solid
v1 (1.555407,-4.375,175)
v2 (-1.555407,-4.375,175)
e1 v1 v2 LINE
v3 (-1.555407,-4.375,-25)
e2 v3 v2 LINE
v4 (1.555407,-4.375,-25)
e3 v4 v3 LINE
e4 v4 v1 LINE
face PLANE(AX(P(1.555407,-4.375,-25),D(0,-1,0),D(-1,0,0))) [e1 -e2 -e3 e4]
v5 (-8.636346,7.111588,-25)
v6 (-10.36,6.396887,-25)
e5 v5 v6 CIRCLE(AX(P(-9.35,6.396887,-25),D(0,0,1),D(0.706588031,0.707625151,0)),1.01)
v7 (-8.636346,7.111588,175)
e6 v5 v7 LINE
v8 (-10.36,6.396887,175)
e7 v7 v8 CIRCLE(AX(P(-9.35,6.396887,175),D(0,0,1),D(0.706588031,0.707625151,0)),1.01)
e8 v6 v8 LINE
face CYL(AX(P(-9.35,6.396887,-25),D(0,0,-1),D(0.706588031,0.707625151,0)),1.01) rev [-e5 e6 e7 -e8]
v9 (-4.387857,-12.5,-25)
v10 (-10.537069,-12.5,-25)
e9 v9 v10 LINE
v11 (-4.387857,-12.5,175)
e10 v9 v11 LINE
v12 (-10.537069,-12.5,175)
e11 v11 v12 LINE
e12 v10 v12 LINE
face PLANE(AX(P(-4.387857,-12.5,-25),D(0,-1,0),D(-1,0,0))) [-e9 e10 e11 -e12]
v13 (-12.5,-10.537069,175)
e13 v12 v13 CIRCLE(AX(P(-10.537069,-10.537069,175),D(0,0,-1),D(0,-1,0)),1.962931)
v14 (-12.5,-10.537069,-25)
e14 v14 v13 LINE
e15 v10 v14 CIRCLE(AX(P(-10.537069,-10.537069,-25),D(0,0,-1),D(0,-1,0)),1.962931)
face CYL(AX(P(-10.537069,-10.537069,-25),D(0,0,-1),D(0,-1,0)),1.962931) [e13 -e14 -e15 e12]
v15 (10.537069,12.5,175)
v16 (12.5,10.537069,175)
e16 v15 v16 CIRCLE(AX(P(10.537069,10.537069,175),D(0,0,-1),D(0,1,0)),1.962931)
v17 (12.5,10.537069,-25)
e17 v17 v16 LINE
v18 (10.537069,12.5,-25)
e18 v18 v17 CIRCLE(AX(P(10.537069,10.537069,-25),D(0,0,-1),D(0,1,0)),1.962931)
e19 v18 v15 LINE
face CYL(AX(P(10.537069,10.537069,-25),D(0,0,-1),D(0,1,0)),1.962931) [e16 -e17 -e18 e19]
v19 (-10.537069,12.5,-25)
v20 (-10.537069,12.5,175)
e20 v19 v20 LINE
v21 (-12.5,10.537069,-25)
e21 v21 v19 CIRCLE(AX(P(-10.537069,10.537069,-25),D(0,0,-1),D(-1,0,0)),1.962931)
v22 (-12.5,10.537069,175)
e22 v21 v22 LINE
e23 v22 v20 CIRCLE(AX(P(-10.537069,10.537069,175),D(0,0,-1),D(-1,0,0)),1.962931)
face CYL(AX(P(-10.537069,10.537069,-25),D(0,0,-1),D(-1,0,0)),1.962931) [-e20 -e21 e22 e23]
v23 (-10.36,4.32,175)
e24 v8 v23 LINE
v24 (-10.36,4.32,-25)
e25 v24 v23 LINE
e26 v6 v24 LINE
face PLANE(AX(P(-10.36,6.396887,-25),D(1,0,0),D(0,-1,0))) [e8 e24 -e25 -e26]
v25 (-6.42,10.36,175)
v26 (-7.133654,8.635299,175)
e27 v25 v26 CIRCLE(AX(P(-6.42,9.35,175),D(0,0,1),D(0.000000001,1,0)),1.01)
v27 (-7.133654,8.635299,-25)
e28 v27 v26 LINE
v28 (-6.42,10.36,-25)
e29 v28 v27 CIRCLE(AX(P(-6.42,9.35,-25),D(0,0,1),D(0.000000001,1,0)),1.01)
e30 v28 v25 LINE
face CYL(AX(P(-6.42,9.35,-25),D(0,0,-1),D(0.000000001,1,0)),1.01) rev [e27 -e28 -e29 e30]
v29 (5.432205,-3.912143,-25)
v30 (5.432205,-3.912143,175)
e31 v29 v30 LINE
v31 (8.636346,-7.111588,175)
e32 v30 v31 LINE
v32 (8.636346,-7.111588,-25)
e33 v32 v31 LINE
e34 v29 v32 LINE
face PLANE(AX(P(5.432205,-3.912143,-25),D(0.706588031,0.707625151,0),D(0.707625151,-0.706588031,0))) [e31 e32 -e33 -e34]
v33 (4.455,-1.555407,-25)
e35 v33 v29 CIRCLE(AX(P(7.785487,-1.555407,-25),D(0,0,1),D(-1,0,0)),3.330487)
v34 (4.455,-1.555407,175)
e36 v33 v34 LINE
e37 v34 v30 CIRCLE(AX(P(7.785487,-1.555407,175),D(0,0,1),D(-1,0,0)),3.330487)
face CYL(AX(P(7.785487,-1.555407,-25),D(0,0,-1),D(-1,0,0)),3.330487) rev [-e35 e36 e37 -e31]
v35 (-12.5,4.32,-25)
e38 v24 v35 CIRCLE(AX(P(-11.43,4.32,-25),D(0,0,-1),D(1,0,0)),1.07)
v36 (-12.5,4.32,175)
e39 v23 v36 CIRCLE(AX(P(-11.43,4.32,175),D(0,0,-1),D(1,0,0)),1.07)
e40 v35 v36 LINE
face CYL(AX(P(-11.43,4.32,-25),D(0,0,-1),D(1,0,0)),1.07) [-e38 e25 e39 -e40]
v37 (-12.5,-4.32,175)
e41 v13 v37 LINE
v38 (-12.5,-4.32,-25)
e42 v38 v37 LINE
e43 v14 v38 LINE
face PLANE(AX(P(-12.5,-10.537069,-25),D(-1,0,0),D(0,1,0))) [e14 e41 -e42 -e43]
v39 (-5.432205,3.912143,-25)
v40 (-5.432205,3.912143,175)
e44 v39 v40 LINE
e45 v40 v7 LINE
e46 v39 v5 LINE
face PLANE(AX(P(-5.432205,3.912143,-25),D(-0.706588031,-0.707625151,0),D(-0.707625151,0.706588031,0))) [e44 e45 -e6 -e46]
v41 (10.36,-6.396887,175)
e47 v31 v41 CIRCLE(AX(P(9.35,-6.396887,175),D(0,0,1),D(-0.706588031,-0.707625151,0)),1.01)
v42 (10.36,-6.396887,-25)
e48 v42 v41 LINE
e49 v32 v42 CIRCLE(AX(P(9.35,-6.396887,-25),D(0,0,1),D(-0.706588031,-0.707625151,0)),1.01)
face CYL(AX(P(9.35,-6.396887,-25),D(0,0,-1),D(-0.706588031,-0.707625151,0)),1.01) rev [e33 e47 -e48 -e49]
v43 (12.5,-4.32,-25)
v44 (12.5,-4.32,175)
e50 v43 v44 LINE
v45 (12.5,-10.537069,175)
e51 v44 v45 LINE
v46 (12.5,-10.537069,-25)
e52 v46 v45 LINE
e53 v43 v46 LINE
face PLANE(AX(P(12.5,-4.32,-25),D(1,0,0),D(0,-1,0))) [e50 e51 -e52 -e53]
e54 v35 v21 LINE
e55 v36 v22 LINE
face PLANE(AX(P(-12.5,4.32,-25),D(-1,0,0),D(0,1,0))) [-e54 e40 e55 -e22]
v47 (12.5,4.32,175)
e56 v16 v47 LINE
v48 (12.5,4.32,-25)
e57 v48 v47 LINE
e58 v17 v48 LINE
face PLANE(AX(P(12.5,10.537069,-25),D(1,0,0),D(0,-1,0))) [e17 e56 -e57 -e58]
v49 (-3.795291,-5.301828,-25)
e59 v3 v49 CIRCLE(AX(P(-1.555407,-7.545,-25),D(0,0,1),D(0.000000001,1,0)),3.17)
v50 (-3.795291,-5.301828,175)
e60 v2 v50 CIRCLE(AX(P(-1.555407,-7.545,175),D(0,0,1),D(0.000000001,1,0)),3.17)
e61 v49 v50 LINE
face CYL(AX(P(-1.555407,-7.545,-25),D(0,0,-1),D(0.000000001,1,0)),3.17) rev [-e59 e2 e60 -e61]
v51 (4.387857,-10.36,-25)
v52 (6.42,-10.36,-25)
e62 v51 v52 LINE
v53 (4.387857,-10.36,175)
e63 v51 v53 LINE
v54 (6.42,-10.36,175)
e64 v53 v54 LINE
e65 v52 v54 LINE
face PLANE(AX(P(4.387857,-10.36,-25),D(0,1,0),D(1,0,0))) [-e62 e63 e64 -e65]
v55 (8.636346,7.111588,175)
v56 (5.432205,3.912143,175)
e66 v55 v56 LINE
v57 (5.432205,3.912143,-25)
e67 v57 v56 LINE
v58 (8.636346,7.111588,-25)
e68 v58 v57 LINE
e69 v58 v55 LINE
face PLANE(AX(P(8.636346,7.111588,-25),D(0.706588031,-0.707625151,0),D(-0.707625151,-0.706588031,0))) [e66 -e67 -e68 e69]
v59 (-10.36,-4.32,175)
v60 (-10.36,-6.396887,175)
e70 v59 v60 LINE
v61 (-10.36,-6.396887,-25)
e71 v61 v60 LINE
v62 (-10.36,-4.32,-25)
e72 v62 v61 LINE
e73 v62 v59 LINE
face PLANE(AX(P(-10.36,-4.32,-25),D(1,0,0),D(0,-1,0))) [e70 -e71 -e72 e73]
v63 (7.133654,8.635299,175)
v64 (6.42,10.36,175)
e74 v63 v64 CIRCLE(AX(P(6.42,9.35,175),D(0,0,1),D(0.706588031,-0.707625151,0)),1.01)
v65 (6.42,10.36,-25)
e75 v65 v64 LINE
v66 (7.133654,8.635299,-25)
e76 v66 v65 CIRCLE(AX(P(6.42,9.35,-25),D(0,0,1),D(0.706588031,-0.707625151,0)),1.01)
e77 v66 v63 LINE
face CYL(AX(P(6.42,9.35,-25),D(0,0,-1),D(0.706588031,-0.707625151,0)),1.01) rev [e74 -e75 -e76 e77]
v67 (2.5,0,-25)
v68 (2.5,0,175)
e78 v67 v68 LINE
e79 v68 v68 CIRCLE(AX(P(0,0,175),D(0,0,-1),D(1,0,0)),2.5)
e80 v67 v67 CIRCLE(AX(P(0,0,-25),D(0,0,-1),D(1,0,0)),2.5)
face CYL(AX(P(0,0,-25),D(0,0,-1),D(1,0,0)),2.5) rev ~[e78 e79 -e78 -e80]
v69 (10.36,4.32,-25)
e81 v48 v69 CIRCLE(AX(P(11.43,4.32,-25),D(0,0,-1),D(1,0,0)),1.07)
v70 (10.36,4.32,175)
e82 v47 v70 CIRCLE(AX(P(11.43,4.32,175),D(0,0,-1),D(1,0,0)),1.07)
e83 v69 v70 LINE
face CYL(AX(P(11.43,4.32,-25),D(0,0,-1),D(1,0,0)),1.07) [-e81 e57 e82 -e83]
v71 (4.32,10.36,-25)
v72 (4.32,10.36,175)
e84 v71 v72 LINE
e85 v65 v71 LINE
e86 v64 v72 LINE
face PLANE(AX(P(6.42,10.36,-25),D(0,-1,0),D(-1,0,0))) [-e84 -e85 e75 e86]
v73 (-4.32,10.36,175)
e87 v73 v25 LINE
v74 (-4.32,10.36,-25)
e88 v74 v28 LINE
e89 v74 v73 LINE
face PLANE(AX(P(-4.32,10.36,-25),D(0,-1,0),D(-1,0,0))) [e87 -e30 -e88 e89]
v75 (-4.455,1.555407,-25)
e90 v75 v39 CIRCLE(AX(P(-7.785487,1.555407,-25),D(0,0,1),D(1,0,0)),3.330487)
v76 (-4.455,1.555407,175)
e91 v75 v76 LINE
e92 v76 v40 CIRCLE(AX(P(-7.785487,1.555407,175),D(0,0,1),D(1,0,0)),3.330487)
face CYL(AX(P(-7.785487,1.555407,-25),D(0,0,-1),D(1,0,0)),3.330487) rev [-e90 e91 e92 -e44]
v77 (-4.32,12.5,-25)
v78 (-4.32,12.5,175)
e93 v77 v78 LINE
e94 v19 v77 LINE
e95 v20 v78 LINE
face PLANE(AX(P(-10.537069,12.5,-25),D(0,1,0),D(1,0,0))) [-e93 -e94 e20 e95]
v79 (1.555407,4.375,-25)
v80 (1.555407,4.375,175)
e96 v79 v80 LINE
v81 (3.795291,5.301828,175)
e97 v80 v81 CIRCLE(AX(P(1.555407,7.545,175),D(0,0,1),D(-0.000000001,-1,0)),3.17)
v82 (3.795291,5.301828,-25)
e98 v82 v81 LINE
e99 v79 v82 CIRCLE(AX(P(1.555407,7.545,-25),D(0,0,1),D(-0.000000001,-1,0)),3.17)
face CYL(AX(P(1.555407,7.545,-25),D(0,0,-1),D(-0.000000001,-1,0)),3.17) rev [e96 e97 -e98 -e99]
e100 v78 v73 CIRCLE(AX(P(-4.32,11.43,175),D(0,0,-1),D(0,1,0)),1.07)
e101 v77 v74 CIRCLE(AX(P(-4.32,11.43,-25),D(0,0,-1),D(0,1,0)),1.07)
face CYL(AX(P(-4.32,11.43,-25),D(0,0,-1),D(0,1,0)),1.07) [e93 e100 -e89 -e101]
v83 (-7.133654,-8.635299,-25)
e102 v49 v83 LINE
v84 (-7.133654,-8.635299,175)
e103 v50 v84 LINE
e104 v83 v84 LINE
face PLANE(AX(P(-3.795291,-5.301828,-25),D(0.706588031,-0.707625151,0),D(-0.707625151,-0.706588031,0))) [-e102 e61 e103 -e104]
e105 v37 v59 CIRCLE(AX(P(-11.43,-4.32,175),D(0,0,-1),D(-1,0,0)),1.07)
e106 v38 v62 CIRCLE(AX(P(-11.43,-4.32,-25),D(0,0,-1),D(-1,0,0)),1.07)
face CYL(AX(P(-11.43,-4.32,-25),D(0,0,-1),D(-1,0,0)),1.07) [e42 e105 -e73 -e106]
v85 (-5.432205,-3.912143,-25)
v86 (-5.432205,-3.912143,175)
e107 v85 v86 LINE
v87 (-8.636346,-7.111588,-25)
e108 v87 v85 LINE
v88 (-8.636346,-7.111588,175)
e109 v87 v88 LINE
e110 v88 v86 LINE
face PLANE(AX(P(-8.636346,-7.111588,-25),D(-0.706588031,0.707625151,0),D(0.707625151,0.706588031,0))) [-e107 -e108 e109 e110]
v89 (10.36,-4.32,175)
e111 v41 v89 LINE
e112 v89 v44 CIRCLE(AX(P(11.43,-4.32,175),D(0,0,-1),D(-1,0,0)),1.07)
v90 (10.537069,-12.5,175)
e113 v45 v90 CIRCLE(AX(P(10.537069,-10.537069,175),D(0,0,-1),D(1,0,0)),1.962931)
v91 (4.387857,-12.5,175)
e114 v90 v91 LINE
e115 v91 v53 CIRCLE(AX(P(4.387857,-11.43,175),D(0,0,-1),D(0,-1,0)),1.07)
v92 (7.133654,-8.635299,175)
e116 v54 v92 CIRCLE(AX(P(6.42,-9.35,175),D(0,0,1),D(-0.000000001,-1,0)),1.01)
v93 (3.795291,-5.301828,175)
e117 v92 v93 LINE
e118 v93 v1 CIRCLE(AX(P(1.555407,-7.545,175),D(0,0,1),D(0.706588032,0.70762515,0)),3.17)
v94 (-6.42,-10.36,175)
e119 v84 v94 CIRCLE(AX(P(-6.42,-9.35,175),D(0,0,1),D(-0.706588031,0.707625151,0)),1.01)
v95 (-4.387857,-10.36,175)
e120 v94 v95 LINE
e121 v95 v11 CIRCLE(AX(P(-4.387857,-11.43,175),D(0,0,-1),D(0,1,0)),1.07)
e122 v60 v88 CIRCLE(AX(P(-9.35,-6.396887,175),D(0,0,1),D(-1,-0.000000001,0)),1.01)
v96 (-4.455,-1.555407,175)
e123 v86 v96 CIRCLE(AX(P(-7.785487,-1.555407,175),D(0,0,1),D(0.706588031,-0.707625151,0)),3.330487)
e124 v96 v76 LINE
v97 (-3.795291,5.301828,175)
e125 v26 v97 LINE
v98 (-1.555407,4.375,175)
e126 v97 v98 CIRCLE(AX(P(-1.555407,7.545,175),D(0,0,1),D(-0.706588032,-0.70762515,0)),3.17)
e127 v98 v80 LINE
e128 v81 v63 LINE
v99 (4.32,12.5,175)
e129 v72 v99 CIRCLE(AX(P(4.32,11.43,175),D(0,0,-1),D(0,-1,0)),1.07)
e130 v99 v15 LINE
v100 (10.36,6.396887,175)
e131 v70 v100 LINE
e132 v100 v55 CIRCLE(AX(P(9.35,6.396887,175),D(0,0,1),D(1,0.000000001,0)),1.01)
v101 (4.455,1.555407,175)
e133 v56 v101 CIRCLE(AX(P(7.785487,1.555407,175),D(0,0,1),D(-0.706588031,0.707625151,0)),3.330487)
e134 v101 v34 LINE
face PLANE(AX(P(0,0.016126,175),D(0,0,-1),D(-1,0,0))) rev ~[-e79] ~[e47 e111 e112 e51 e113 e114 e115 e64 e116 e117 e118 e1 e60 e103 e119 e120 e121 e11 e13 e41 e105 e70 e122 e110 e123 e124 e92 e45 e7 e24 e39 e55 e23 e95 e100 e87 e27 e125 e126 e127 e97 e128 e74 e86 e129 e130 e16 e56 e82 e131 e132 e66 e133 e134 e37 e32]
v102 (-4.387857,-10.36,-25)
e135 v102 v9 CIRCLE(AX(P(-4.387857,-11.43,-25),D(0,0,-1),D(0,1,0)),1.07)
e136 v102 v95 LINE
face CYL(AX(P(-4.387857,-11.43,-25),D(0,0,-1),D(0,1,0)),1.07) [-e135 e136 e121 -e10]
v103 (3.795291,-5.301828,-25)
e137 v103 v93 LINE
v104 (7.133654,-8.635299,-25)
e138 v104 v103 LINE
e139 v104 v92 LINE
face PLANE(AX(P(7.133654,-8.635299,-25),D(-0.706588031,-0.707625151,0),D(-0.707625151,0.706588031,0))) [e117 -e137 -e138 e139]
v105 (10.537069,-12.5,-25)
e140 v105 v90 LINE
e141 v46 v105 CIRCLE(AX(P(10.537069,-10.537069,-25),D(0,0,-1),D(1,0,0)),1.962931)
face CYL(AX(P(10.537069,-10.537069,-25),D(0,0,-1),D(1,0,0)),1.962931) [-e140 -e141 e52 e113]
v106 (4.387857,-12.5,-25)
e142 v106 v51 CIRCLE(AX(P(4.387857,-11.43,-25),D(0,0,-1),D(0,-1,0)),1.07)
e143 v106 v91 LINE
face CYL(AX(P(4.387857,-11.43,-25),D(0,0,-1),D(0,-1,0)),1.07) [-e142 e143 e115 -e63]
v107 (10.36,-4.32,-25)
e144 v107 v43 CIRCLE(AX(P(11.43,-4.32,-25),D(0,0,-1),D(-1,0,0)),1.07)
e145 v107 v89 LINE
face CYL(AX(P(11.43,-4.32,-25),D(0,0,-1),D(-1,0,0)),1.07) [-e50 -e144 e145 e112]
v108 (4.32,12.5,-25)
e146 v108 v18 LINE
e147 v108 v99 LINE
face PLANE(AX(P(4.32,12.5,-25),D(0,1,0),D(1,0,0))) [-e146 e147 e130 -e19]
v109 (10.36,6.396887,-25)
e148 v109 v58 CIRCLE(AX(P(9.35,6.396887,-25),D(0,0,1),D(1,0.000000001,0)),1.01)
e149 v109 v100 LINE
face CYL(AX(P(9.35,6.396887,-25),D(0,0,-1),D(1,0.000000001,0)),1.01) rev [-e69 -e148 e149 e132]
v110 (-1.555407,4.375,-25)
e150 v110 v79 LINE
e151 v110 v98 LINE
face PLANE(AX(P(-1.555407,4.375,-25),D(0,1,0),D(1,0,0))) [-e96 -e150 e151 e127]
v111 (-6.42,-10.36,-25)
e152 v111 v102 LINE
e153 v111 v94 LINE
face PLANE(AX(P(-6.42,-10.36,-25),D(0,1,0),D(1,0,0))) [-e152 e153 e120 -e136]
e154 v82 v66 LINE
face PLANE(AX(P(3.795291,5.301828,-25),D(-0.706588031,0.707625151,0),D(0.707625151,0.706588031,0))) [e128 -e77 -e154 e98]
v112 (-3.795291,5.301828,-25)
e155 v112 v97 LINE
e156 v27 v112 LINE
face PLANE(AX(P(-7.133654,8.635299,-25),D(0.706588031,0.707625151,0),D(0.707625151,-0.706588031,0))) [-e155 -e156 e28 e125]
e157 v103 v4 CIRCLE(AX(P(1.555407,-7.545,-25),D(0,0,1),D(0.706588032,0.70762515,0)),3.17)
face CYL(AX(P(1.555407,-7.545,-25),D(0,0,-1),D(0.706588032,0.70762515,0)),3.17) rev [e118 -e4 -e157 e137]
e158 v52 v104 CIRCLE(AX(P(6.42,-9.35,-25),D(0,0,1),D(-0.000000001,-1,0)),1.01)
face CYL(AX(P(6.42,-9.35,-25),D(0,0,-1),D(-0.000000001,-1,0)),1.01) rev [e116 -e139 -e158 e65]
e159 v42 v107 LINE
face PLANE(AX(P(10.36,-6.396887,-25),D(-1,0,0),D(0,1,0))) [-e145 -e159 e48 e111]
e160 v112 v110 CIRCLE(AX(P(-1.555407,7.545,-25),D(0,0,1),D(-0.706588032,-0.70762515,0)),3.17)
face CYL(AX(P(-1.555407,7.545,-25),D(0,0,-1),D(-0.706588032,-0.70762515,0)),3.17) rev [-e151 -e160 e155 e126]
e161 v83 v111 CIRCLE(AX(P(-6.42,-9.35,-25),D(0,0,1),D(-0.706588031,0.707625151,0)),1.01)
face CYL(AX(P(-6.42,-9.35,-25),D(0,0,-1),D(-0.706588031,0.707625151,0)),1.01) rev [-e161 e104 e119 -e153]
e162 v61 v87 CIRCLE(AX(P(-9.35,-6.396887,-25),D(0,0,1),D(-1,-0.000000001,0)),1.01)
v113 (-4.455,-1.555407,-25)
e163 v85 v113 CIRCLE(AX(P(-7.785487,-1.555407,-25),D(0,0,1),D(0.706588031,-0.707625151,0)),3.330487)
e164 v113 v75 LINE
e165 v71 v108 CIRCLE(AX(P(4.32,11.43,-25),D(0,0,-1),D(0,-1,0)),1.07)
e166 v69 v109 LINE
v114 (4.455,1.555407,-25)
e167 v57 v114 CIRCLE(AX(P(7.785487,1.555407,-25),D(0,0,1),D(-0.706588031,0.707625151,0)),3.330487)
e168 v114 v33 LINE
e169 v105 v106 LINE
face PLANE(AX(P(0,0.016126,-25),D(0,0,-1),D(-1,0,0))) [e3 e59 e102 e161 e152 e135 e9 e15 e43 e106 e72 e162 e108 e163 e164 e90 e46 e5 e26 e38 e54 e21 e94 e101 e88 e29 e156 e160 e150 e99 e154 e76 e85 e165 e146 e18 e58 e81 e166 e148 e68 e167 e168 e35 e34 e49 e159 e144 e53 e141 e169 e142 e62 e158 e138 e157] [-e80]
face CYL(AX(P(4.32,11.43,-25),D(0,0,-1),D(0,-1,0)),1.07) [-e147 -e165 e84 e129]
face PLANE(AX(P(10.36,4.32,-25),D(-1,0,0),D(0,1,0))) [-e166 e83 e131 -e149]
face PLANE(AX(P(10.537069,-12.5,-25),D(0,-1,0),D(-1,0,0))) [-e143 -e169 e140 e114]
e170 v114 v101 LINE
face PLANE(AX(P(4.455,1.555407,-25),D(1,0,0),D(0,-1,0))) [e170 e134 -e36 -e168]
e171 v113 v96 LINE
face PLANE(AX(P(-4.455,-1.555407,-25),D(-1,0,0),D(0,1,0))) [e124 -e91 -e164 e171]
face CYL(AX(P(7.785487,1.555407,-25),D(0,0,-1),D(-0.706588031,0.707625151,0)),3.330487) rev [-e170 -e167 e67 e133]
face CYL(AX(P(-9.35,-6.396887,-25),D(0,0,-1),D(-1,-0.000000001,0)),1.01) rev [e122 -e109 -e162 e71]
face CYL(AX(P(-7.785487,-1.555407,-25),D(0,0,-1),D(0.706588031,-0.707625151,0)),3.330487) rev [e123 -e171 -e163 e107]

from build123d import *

# Parameters (mm, degrees)
SKETCH1_R           = 2.5
BOSS_EXTRUDE1_DEPTH = 200


with BuildPart() as part:
    # Sketch1 → Boss-Extrude1 (new body)
    with BuildSketch(Plane(origin=(0, 0, -25), x_dir=(-1, 0, 0), z_dir=(0, 0, -1))):
        with BuildLine():
            Line((12.5, 4.32), (12.5, 10.537068835))
            ThreePointArc((12.5, 10.537068835), (11.925070773, 11.925070773), (10.537068835, 12.5))
            Line((10.537068835, 12.5), (4.32, 12.5))
            ThreePointArc((4.32, 12.5), (3.25, 11.43), (4.32, 10.36))
            Line((4.32, 10.36), (6.42, 10.36))
            ThreePointArc((6.42, 10.36), (7.35325999, 9.736168088), (7.133653911, 8.635298598))
            Line((7.133653911, 8.635298598), (3.795290766, 5.301828272))
            ThreePointArc((3.795290766, 5.301828272), (2.76743922, 4.61585726), (1.555406707, 4.375))
            Line((1.555406707, 4.375), (-1.555406707, 4.375))
            ThreePointArc((-1.555406707, 4.375), (-2.76743922, 4.61585726), (-3.795290766, 5.301828272))
            Line((-3.795290766, 5.301828272), (-7.133653912, 8.635298598))
            ThreePointArc((-7.133653912, 8.635298598), (-7.35325999, 9.736168088), (-6.42, 10.36))
            Line((-6.42, 10.36), (-4.32, 10.36))
            ThreePointArc((-4.32, 10.36), (-3.25, 11.43), (-4.32, 12.5))
            Line((-4.32, 12.5), (-10.537068835, 12.5))
            ThreePointArc((-10.537068835, 12.5), (-11.925070773, 11.925070773), (-12.5, 10.537068835))
            Line((-12.5, 10.537068835), (-12.5, 4.32))
            ThreePointArc((-12.5, 4.32), (-11.43, 3.25), (-10.36, 4.32))
            Line((-10.36, 4.32), (-10.36, 6.396886949))
            ThreePointArc((-10.36, 6.396886949), (-9.736852394, 7.329863489), (-8.636346088, 7.111588351))
            Line((-8.636346088, 7.111588351), (-5.432204773, 3.912143135))
            ThreePointArc((-5.432204773, 3.912143135), (-4.708985779, 2.831057106), (-4.455, 1.555406707))
            Line((-4.455, 1.555406707), (-4.455, -1.555406707))
            ThreePointArc((-4.455, -1.555406707), (-4.708985779, -2.831057106), (-5.432204773, -3.912143135))
            Line((-5.432204773, -3.912143135), (-8.636346088, -7.111588351))
            ThreePointArc((-8.636346088, -7.111588351), (-9.736852394, -7.329863489), (-10.36, -6.396886949))
            Line((-10.36, -6.396886949), (-10.36, -4.32))
            ThreePointArc((-10.36, -4.32), (-11.43, -3.25), (-12.5, -4.32))
            Line((-12.5, -4.32), (-12.5, -10.537068835))
            ThreePointArc((-12.5, -10.537068835), (-11.925070773, -11.925070773), (-10.537068835, -12.5))
            Line((-10.537068835, -12.5), (-4.387856959, -12.5))
            ThreePointArc((-4.387856959, -12.5), (-3.317856959, -11.43), (-4.387856959, -10.36))
            Line((-4.387856959, -10.36), (-6.42, -10.36))
            ThreePointArc((-6.42, -10.36), (-7.35325999, -9.736168088), (-7.133653912, -8.635298598))
            Line((-7.133653912, -8.635298598), (-3.795290766, -5.301828272))
            ThreePointArc((-3.795290766, -5.301828272), (-2.76743922, -4.61585726), (-1.555406707, -4.375))
            Line((-1.555406707, -4.375), (1.555406707, -4.375))
            ThreePointArc((1.555406707, -4.375), (2.76743922, -4.61585726), (3.795290766, -5.301828272))
            Line((3.795290766, -5.301828272), (7.133653912, -8.635298598))
            ThreePointArc((7.133653912, -8.635298598), (7.35325999, -9.736168088), (6.42, -10.36))
            Line((6.42, -10.36), (4.387856959, -10.36))
            ThreePointArc((4.387856959, -10.36), (3.317856959, -11.43), (4.387856959, -12.5))
            Line((4.387856959, -12.5), (10.537068835, -12.5))
            ThreePointArc((10.537068835, -12.5), (11.925070773, -11.925070773), (12.5, -10.537068835))
            Line((12.5, -10.537068835), (12.5, -4.32))
            ThreePointArc((12.5, -4.32), (11.43, -3.25), (10.36, -4.32))
            Line((10.36, -4.32), (10.36, -6.396886949))
            ThreePointArc((10.36, -6.396886949), (9.736852394, -7.329863489), (8.636346088, -7.111588351))
            Line((8.636346088, -7.111588351), (5.432204773, -3.912143135))
            ThreePointArc((5.432204773, -3.912143135), (4.708985779, -2.831057106), (4.455, -1.555406707))
            Line((4.455, -1.555406707), (4.455, 1.555406707))
            ThreePointArc((4.455, 1.555406707), (4.708985779, 2.831057106), (5.432204773, 3.912143135))
            Line((5.432204773, 3.912143135), (8.636346088, 7.111588351))
            ThreePointArc((8.636346088, 7.111588351), (9.736852394, 7.329863489), (10.36, 6.396886949))
            Line((10.36, 6.396886949), (10.36, 4.32))
            ThreePointArc((10.36, 4.32), (11.43, 3.25), (12.5, 4.32))
        make_face()
        with Locations(Location((0, 0, 0), (0, 0, 180))):
            Circle(SKETCH1_R, mode=Mode.SUBTRACT)
    extrude(amount=-BOSS_EXTRUDE1_DEPTH)


solid = part.part
